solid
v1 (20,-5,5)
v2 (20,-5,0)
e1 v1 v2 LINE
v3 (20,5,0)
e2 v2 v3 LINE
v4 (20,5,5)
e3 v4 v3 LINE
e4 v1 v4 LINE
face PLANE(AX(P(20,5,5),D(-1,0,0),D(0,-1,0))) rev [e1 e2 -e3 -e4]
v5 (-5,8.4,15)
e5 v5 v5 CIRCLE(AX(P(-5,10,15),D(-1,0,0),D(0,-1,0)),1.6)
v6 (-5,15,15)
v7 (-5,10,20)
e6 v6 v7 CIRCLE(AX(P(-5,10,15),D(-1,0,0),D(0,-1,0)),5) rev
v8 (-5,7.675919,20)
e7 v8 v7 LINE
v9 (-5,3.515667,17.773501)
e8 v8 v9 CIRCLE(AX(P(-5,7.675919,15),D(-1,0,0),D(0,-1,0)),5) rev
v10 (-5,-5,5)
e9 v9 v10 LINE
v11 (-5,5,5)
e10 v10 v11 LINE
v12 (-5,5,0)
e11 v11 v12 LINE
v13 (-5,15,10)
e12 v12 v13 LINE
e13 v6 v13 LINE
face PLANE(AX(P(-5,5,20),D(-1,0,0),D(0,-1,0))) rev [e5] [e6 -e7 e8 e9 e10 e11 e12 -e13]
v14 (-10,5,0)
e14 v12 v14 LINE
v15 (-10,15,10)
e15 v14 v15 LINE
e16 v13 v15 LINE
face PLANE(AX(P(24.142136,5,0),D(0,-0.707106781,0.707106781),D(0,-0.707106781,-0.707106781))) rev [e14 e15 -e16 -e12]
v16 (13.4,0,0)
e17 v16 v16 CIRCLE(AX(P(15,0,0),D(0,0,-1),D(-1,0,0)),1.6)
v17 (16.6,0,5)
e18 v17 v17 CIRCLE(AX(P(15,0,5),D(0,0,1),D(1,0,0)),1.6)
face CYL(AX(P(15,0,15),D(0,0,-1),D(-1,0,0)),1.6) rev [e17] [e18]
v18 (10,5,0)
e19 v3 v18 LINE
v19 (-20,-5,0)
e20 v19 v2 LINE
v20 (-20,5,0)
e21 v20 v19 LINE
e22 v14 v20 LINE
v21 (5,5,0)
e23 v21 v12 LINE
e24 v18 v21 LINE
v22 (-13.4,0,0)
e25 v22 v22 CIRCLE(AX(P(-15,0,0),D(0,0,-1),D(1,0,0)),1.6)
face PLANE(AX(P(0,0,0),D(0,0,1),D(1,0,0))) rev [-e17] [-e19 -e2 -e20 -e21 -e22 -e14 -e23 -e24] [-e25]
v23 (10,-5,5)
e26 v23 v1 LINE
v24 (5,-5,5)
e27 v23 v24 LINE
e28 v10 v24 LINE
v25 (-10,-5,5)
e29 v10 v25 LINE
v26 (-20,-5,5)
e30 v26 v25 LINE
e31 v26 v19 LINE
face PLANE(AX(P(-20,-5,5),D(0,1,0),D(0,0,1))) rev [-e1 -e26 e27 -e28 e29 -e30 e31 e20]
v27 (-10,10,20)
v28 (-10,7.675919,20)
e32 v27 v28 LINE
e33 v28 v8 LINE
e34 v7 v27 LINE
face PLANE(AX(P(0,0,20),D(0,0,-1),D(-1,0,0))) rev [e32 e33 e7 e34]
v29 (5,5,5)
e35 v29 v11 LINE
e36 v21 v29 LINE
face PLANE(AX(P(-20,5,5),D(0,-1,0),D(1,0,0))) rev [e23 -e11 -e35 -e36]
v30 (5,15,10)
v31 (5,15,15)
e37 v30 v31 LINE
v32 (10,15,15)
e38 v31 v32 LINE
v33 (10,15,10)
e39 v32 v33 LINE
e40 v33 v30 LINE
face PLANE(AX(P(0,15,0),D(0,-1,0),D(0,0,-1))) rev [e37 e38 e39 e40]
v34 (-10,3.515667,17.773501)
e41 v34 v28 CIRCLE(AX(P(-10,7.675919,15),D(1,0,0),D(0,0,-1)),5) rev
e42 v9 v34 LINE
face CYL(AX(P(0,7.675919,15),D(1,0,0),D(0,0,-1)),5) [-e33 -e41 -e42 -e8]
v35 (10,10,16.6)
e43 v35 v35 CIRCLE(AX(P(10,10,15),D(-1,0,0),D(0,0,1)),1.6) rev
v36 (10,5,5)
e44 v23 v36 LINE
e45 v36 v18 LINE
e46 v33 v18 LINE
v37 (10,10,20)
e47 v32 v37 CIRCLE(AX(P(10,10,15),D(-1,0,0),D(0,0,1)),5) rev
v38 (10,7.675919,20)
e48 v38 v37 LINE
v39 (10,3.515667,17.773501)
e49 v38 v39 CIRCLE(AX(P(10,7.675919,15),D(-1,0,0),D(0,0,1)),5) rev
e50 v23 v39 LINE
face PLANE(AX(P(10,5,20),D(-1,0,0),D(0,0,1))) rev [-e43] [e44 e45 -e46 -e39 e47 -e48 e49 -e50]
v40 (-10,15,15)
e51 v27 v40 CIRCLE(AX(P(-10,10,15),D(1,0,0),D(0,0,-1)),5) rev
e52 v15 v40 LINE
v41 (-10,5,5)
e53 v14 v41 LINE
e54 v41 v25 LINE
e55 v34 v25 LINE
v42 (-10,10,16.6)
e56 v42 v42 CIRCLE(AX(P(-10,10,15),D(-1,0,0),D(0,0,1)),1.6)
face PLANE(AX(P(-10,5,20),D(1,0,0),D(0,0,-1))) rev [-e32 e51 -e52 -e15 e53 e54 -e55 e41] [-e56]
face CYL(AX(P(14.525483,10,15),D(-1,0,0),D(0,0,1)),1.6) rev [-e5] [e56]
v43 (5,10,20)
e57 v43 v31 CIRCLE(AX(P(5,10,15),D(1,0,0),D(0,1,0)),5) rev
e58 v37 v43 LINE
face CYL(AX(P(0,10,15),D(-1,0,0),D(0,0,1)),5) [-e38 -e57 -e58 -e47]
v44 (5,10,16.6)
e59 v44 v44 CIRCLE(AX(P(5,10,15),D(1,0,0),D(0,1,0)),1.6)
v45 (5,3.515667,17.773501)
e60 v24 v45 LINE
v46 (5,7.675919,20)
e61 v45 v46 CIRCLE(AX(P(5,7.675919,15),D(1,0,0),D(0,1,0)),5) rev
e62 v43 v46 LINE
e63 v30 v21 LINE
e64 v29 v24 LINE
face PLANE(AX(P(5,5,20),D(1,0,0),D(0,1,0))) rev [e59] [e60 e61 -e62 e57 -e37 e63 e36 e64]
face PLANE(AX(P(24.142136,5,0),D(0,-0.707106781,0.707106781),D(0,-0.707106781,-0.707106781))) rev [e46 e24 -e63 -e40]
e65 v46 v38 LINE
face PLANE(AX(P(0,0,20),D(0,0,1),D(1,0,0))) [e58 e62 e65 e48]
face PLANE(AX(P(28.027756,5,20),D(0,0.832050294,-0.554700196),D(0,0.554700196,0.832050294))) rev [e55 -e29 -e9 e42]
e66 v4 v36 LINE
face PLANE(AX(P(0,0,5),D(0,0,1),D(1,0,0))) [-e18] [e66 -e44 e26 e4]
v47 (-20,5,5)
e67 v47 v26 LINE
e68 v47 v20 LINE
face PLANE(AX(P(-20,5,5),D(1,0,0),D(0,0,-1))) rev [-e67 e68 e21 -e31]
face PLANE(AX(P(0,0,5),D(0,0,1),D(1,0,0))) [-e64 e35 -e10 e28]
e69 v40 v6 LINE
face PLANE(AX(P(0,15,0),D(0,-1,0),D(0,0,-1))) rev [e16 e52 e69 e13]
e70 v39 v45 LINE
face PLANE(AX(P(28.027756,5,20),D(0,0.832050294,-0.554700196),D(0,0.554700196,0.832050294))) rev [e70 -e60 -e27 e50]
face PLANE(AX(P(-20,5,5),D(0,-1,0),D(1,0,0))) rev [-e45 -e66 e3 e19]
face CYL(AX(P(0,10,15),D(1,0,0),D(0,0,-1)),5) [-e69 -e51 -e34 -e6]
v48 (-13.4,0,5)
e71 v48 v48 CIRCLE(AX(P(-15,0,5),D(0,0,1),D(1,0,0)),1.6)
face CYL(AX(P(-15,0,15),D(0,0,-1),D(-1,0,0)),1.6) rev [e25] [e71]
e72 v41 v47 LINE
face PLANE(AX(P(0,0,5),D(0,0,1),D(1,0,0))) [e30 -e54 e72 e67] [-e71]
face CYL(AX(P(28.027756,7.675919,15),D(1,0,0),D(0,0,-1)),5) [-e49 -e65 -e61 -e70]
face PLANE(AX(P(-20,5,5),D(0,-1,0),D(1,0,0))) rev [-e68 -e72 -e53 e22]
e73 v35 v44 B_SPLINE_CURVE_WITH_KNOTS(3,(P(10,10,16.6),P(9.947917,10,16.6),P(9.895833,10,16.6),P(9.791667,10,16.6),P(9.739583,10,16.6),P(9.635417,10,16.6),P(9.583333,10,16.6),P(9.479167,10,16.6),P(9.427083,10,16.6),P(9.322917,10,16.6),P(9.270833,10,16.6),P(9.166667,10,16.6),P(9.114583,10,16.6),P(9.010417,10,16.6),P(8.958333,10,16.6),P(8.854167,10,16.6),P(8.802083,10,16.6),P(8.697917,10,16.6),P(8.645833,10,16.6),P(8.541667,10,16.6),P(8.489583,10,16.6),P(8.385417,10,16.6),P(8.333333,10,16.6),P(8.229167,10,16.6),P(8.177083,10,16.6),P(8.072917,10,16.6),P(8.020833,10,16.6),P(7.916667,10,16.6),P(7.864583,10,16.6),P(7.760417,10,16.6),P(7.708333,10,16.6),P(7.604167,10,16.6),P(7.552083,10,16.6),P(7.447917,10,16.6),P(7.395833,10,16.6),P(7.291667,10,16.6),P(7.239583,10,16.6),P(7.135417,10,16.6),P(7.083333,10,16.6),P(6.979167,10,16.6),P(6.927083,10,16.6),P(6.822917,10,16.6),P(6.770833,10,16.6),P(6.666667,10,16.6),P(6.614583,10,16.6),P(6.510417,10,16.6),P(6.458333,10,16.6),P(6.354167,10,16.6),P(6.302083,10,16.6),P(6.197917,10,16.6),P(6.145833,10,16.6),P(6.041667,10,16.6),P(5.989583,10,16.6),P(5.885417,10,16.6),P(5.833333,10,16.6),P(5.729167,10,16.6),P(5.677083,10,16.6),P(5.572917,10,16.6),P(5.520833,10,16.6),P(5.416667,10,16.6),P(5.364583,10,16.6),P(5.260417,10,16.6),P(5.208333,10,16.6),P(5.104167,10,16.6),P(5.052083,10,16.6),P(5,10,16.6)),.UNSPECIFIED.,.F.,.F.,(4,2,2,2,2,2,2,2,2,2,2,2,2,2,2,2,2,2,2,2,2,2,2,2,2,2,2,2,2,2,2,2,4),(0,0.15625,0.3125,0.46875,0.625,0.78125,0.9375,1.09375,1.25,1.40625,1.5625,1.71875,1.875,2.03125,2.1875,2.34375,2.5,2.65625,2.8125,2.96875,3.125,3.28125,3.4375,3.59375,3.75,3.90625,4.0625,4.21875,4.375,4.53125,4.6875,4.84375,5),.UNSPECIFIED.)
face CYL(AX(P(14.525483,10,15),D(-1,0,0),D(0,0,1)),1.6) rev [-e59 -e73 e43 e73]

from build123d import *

# Parameters (mm, degrees)
SKETCH1_W           = 40
SKETCH1_H           = 10
BOSS_EXTRUDE1_DEPTH = 5
SKETCH2_W           = 5
SKETCH2_H           = 10
BOSS_EXTRUDE2_DEPTH = 15
SKETCH4_R           = 1.6
CUT_EXTRUDE2_DEPTH  = 15
SKETCH5_W           = 5
SKETCH5_H           = 20
BOSS_EXTRUDE3_DEPTH = 10
CUT_EXTRUDE3_REACH  = 41.051
SKETCH6_R           = 1.6
CUT_EXTRUDE4_REACH  = 41.051
FILLET2_R           = 5
CUT_EXTRUDE5_REACH  = 41.051


with BuildPart() as part:
    # Sketch1 → Boss-Extrude1 (new body)
    with BuildSketch(Plane.XY):
        Rectangle(SKETCH1_W, SKETCH1_H)
    extrude(amount=BOSS_EXTRUDE1_DEPTH)

    # Sketch2 → Boss-Extrude2 (add)
    with BuildSketch(Plane.XY.offset(5)):
        with Locations((-7.5, 0)):
            Rectangle(SKETCH2_W, SKETCH2_H)
        with Locations((7.5, 0)):
            Rectangle(SKETCH2_W, SKETCH2_H)
    extrude(amount=BOSS_EXTRUDE2_DEPTH)

    # Sketch4 → Cut-Extrude2 (cut)
    with BuildSketch(Plane(origin=(0, 0, 0), x_dir=(-1, 0, 0), z_dir=(0, 0, -1))):
        with Locations((-15, 0)):
            Circle(SKETCH4_R)
        with Locations(Location((15, 0, 0), (0, 0, 180))):
            Circle(SKETCH4_R)
    extrude(amount=-CUT_EXTRUDE2_DEPTH, mode=Mode.SUBTRACT)

    # Sketch5 → Boss-Extrude3 (add)
    with BuildSketch(Plane(origin=(0, 5, 0), x_dir=(1, 0, 0), z_dir=(0, 1, 0))):
        with Locations((-7.5, -10)):
            Rectangle(SKETCH5_W, SKETCH5_H)
        with Locations((7.5, -10)):
            Rectangle(SKETCH5_W, SKETCH5_H)
    extrude(amount=BOSS_EXTRUDE3_DEPTH)

    # Cut-Extrude3: up to this face of the body (flat: up to its plane)
    cut_extrude3_end = Plane(part.part.faces().sort_by_distance((10, 5.714285714, 11.071428571))[0])
    # Sketch6 → Cut-Extrude3 (cut, up to the picked face)
    with BuildSketch(Plane.ZY.offset(10), mode=Mode.PRIVATE) as cut_extrude3_sk1:
        with Locations((15, 10)):
            Circle(SKETCH6_R)
    cut_extrude3_tool1 = split(extrude(cut_extrude3_sk1.sketch, amount=-CUT_EXTRUDE3_REACH, mode=Mode.PRIVATE), bisect_by=cut_extrude3_end, keep=Keep.BOTH, mode=Mode.PRIVATE)
    add(cut_extrude3_tool1.solids().sort_by(Axis((-10, 10, 15), (1, 0, 0)))[0], mode=Mode.SUBTRACT)

    # Cut-Extrude4: up to this face of the body (flat: up to its plane)
    cut_extrude4_end = Plane(part.part.faces().sort_by_distance((10, 5.613490273, 10.97903275))[0])
    # Sketch7 → Cut-Extrude4 (cut, up to the picked face)
    with BuildSketch(Plane.ZY.offset(10), mode=Mode.PRIVATE) as cut_extrude4_sk1:
        Polygon((20, 5), (5, -5), (20, -5), align=None)
    cut_extrude4_tool1 = split(extrude(cut_extrude4_sk1.sketch, amount=-CUT_EXTRUDE4_REACH, mode=Mode.PRIVATE), bisect_by=cut_extrude4_end, keep=Keep.BOTH, mode=Mode.PRIVATE)
    add(cut_extrude4_tool1.solids().sort_by(Axis((-10, -1.666667, 15), (1, 0, 0)))[0], mode=Mode.SUBTRACT)

    # Fillet2
    fillet2_edges = [part.edges().sort_by_distance(p)[0] for p in [
        (-7.5, 15, 20),
        (7.5, 15, 20),
        (-7.5, 5, 20),
        (7.5, 5, 20),
    ]]
    fillet(fillet2_edges, radius=FILLET2_R)

    # Cut-Extrude5: up to this face of the body (flat: up to its plane)
    cut_extrude5_end = Plane(part.part.faces().sort_by_distance((10, 7.540739084, 9.622610051))[0])
    # Sketch8 → Cut-Extrude5 (cut, up to the picked face)
    with BuildSketch(Plane.ZY.offset(10), mode=Mode.PRIVATE) as cut_extrude5_sk1:
        Polygon((0, 5), (10, 15), (0, 15), align=None)
    cut_extrude5_tool1 = split(extrude(cut_extrude5_sk1.sketch, amount=-CUT_EXTRUDE5_REACH, mode=Mode.PRIVATE), bisect_by=cut_extrude5_end, keep=Keep.BOTH, mode=Mode.PRIVATE)
    add(cut_extrude5_tool1.solids().sort_by(Axis((-10, 11.666667, 3.333333), (1, 0, 0)))[0], mode=Mode.SUBTRACT)


solid = part.part
